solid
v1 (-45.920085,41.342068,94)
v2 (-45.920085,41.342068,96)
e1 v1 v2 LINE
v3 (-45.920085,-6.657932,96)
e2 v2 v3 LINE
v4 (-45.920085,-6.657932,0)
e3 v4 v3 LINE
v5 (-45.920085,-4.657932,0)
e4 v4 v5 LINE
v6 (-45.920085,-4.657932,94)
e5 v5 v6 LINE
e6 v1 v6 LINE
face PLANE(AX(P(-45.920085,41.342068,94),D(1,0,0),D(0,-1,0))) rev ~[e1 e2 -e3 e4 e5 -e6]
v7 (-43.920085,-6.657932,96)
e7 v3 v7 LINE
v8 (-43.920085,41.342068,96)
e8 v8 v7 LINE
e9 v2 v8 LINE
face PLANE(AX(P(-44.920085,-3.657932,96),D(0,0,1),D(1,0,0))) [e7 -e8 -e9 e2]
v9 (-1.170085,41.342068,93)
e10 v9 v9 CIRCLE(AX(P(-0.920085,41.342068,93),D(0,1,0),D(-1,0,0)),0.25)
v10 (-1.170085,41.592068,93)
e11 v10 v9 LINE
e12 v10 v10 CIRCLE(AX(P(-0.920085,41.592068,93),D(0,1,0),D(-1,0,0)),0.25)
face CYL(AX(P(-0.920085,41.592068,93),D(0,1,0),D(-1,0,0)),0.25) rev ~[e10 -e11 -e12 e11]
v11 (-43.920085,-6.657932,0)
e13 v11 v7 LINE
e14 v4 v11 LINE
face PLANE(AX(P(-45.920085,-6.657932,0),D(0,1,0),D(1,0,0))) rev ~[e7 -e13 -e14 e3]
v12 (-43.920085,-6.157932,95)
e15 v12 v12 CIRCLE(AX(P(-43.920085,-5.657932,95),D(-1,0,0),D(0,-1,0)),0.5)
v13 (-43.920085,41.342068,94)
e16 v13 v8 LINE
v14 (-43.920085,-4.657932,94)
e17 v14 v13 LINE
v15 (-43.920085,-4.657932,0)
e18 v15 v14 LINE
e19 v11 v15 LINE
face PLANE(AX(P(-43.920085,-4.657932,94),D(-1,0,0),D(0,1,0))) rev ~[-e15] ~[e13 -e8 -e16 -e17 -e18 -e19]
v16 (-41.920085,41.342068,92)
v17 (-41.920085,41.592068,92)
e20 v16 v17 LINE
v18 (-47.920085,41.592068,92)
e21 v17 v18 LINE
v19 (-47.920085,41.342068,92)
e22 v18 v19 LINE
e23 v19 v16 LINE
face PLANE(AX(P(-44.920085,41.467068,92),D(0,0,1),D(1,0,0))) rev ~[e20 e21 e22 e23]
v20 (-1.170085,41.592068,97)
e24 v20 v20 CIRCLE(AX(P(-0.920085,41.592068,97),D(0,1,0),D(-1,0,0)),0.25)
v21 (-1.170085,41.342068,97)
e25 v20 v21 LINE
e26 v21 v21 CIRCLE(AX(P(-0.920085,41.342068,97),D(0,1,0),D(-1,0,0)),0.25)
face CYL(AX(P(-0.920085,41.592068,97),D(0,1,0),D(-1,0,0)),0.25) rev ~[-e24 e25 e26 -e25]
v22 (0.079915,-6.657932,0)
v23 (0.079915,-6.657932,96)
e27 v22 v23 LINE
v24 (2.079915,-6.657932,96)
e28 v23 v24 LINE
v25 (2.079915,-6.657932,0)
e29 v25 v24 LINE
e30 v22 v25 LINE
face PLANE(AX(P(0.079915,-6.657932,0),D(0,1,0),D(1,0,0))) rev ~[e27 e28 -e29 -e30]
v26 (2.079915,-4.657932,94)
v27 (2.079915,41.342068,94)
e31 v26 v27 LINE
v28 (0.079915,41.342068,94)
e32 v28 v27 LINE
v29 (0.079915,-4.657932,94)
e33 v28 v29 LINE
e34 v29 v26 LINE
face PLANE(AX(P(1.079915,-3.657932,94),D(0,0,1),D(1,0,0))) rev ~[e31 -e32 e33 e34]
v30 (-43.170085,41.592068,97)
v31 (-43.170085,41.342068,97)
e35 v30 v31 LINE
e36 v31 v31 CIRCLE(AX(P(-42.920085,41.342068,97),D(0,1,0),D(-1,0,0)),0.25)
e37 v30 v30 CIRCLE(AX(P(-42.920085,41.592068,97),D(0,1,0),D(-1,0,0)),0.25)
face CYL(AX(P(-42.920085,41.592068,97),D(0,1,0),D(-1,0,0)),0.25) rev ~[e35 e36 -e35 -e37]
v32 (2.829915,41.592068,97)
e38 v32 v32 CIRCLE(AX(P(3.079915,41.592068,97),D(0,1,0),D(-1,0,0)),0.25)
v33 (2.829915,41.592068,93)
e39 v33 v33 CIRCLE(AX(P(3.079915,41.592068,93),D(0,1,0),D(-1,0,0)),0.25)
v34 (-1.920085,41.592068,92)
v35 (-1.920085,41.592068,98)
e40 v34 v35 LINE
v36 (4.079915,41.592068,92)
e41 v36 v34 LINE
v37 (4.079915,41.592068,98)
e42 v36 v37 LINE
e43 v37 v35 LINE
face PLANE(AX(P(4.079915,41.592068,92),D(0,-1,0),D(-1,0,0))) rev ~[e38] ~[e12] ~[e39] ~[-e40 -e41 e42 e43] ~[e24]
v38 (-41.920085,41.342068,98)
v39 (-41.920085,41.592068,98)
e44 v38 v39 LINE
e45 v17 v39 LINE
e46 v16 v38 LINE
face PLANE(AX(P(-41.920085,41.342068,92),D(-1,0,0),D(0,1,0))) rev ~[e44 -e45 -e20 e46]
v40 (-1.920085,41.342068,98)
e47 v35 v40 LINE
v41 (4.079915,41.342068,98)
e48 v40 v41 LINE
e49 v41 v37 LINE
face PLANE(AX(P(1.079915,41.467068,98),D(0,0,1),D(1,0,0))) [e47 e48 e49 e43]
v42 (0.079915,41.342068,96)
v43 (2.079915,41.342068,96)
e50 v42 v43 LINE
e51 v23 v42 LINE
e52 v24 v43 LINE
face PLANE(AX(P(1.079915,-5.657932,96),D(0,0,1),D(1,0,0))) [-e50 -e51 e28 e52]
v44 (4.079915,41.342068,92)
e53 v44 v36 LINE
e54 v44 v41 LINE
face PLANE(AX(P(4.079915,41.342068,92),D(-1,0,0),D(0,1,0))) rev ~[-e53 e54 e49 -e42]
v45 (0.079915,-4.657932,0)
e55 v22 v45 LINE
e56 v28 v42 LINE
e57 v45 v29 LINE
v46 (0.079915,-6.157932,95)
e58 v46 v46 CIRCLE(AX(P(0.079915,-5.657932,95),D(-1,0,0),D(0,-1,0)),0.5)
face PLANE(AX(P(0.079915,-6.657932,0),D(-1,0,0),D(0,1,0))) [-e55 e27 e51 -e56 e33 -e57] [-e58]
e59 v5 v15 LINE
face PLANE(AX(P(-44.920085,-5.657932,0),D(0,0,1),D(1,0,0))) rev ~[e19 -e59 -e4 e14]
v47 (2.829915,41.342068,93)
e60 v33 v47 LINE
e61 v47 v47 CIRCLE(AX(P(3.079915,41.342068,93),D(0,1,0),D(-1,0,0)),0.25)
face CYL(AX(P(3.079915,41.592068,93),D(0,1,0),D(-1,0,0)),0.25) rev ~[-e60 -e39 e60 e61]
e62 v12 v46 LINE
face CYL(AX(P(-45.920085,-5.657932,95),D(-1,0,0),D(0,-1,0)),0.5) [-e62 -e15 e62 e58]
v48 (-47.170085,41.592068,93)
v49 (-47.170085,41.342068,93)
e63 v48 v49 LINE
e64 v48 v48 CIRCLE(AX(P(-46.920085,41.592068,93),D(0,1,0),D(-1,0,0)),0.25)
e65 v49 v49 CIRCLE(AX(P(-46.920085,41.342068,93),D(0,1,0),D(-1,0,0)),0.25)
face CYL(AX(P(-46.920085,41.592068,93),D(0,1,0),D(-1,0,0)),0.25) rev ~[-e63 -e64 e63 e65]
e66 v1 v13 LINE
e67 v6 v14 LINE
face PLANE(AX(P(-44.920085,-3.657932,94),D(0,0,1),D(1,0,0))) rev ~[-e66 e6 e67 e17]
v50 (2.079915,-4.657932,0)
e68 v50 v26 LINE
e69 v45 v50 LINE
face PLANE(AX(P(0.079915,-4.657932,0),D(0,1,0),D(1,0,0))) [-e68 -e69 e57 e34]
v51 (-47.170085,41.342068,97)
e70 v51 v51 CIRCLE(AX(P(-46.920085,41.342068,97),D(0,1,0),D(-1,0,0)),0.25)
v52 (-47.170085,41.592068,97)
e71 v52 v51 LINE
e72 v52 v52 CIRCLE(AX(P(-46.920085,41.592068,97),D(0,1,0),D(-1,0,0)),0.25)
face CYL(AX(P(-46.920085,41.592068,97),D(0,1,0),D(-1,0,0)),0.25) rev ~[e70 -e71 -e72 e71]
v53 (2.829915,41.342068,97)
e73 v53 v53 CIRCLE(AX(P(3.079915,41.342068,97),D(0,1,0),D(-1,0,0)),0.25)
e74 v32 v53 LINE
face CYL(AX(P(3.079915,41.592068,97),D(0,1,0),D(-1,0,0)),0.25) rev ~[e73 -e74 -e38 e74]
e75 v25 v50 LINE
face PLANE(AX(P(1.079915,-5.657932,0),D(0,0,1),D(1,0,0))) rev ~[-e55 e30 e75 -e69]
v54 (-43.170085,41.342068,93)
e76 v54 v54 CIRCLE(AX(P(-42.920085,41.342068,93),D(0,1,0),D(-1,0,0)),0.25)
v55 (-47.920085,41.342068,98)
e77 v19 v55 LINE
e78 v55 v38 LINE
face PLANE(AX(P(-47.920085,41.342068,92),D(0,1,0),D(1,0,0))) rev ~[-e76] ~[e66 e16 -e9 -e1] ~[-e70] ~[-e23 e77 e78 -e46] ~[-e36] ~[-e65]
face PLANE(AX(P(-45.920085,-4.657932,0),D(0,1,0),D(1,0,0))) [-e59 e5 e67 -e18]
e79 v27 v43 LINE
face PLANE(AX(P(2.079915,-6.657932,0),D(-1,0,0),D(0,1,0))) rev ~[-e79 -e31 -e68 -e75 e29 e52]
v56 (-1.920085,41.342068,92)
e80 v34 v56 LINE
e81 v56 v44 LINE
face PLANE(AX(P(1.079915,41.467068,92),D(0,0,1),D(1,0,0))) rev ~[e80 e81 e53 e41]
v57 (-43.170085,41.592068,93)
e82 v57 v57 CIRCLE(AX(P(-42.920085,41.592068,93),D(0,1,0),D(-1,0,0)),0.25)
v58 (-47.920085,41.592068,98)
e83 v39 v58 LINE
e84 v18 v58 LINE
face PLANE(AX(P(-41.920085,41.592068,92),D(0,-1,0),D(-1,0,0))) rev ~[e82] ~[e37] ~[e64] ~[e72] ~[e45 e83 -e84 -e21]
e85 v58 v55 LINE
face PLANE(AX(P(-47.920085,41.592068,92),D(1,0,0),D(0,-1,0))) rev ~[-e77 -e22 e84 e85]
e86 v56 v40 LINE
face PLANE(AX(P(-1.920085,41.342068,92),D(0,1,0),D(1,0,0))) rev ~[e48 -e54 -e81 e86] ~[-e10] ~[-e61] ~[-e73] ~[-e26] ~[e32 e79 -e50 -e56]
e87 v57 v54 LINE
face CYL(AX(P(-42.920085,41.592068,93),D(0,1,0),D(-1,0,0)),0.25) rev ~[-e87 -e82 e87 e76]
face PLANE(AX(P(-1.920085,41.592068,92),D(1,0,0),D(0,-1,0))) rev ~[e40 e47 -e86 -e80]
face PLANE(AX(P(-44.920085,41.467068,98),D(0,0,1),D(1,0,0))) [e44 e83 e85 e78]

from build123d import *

# Parameters (mm, degrees)
F0_W     = 2
F0_H     = 2
F1_DEPTH = 96
F2_R     = 0.5
F3_DEPTH = 48
F4_START = 92
F4_DEPTH = 6
F5_START = 94
F0_H_2   = 44
F5_DEPTH = 2
F6_R     = 0.25
F7_DEPTH = 0.5
F8_R     = 0.25
F9_DEPTH = 0.5


with BuildPart() as f1:
    # F0 (on Top) → F1 (new body)
    with BuildSketch(Plane.XY):
        with Locations((-44.9200854897, -5.6579317451)):
            Rectangle(F0_W, F0_H)
    extrude(amount=F1_DEPTH)



with BuildPart() as f1b:
    # F0 (on Top) → F1, piece 2 (new body)
    with BuildSketch(Plane.XY):
        with Locations((1.0799145103, -5.6579317451)):
            Rectangle(F0_W, F0_H)
    extrude(amount=F1_DEPTH)


with BuildPart() as f1_1:
    add(f1.part)

    add(f1b.part)  # F3 merges F1b
    # F2 (on face) → F3 (join)
    with BuildSketch(Plane(origin=(-45.9200854897, 0, 0), x_dir=(0, -1, 0), z_dir=(-1, 0, 0))):
        with Locations((5.6579317451, 95)):
            Circle(F2_R)
    extrude(amount=-F3_DEPTH)



with BuildPart() as f4:
    # F0 (on Top) → F4 (new body)
    with BuildSketch(Plane.XY.offset(F4_START)):
        Polygon((-1.9200854897, 41.3420682549), (0.0799145103, 41.3420682549), (2.0799145103, 41.3420682549), (4.0799145103, 41.3420682549), (4.0799145103, 41.5920682549), (-1.9200854897, 41.5920682549), align=None)
    extrude(amount=F4_DEPTH)


with BuildPart() as f4b:
    # F0 (on Top) → F4, piece 2 (new body)
    with BuildSketch(Plane.XY.offset(F4_START)):
        Polygon((-47.9200854897, 41.3420682549), (-45.9200854897, 41.3420682549), (-43.9200854897, 41.3420682549), (-41.9200854897, 41.3420682549), (-41.9200854897, 41.5920682549), (-47.9200854897, 41.5920682549), align=None)
    extrude(amount=F4_DEPTH)


with BuildPart() as f1_2:
    add(f1_1.part)

    add(f4.part)  # F5 merges F4

    add(f4b.part)  # F5 merges F4b
    # F0 (on Top) → F5 (join)
    with BuildSketch(Plane.XY.offset(F5_START)):
        with Locations((-44.9200854897, -3.6579317451)):
            Rectangle(F0_W, F0_H)
        with Locations((1.0799145103, -3.6579317451)):
            Rectangle(F0_W, F0_H)
        with Locations((-44.9200854897, 19.3420682549)):
            Rectangle(F0_W, F0_H_2)
        with Locations((1.0799145103, 19.3420682549)):
            Rectangle(F0_W, F0_H_2)
    extrude(amount=F5_DEPTH)

    # F6 (on face) → F7 (cut)
    with BuildSketch(Plane(origin=(0, 41.5920682549, 0), x_dir=(-1, 0, 0), z_dir=(0, 1, 0))):
        with Locations((46.9200854897, 97)):
            Circle(F6_R)
        with Locations((42.9200854897, 97)):
            Circle(F6_R)
        with Locations((42.9200854897, 93)):
            Circle(F6_R)
        with Locations((46.9200854897, 93)):
            Circle(F6_R)
    extrude(amount=-F7_DEPTH, mode=Mode.SUBTRACT)

    # F8 (on face) → F9 (cut)
    with BuildSketch(Plane(origin=(0, 41.5920682549, 0), x_dir=(-1, 0, 0), z_dir=(0, 1, 0))):
        with Locations((-3.0799145103, 97)):
            Circle(F8_R)
        with Locations((0.9200854897, 97)):
            Circle(F8_R)
        with Locations((0.9200854897, 93)):
            Circle(F8_R)
        with Locations((-3.0799145103, 93)):
            Circle(F8_R)
    extrude(amount=-F9_DEPTH, mode=Mode.SUBTRACT)


solid = f1_2.part
